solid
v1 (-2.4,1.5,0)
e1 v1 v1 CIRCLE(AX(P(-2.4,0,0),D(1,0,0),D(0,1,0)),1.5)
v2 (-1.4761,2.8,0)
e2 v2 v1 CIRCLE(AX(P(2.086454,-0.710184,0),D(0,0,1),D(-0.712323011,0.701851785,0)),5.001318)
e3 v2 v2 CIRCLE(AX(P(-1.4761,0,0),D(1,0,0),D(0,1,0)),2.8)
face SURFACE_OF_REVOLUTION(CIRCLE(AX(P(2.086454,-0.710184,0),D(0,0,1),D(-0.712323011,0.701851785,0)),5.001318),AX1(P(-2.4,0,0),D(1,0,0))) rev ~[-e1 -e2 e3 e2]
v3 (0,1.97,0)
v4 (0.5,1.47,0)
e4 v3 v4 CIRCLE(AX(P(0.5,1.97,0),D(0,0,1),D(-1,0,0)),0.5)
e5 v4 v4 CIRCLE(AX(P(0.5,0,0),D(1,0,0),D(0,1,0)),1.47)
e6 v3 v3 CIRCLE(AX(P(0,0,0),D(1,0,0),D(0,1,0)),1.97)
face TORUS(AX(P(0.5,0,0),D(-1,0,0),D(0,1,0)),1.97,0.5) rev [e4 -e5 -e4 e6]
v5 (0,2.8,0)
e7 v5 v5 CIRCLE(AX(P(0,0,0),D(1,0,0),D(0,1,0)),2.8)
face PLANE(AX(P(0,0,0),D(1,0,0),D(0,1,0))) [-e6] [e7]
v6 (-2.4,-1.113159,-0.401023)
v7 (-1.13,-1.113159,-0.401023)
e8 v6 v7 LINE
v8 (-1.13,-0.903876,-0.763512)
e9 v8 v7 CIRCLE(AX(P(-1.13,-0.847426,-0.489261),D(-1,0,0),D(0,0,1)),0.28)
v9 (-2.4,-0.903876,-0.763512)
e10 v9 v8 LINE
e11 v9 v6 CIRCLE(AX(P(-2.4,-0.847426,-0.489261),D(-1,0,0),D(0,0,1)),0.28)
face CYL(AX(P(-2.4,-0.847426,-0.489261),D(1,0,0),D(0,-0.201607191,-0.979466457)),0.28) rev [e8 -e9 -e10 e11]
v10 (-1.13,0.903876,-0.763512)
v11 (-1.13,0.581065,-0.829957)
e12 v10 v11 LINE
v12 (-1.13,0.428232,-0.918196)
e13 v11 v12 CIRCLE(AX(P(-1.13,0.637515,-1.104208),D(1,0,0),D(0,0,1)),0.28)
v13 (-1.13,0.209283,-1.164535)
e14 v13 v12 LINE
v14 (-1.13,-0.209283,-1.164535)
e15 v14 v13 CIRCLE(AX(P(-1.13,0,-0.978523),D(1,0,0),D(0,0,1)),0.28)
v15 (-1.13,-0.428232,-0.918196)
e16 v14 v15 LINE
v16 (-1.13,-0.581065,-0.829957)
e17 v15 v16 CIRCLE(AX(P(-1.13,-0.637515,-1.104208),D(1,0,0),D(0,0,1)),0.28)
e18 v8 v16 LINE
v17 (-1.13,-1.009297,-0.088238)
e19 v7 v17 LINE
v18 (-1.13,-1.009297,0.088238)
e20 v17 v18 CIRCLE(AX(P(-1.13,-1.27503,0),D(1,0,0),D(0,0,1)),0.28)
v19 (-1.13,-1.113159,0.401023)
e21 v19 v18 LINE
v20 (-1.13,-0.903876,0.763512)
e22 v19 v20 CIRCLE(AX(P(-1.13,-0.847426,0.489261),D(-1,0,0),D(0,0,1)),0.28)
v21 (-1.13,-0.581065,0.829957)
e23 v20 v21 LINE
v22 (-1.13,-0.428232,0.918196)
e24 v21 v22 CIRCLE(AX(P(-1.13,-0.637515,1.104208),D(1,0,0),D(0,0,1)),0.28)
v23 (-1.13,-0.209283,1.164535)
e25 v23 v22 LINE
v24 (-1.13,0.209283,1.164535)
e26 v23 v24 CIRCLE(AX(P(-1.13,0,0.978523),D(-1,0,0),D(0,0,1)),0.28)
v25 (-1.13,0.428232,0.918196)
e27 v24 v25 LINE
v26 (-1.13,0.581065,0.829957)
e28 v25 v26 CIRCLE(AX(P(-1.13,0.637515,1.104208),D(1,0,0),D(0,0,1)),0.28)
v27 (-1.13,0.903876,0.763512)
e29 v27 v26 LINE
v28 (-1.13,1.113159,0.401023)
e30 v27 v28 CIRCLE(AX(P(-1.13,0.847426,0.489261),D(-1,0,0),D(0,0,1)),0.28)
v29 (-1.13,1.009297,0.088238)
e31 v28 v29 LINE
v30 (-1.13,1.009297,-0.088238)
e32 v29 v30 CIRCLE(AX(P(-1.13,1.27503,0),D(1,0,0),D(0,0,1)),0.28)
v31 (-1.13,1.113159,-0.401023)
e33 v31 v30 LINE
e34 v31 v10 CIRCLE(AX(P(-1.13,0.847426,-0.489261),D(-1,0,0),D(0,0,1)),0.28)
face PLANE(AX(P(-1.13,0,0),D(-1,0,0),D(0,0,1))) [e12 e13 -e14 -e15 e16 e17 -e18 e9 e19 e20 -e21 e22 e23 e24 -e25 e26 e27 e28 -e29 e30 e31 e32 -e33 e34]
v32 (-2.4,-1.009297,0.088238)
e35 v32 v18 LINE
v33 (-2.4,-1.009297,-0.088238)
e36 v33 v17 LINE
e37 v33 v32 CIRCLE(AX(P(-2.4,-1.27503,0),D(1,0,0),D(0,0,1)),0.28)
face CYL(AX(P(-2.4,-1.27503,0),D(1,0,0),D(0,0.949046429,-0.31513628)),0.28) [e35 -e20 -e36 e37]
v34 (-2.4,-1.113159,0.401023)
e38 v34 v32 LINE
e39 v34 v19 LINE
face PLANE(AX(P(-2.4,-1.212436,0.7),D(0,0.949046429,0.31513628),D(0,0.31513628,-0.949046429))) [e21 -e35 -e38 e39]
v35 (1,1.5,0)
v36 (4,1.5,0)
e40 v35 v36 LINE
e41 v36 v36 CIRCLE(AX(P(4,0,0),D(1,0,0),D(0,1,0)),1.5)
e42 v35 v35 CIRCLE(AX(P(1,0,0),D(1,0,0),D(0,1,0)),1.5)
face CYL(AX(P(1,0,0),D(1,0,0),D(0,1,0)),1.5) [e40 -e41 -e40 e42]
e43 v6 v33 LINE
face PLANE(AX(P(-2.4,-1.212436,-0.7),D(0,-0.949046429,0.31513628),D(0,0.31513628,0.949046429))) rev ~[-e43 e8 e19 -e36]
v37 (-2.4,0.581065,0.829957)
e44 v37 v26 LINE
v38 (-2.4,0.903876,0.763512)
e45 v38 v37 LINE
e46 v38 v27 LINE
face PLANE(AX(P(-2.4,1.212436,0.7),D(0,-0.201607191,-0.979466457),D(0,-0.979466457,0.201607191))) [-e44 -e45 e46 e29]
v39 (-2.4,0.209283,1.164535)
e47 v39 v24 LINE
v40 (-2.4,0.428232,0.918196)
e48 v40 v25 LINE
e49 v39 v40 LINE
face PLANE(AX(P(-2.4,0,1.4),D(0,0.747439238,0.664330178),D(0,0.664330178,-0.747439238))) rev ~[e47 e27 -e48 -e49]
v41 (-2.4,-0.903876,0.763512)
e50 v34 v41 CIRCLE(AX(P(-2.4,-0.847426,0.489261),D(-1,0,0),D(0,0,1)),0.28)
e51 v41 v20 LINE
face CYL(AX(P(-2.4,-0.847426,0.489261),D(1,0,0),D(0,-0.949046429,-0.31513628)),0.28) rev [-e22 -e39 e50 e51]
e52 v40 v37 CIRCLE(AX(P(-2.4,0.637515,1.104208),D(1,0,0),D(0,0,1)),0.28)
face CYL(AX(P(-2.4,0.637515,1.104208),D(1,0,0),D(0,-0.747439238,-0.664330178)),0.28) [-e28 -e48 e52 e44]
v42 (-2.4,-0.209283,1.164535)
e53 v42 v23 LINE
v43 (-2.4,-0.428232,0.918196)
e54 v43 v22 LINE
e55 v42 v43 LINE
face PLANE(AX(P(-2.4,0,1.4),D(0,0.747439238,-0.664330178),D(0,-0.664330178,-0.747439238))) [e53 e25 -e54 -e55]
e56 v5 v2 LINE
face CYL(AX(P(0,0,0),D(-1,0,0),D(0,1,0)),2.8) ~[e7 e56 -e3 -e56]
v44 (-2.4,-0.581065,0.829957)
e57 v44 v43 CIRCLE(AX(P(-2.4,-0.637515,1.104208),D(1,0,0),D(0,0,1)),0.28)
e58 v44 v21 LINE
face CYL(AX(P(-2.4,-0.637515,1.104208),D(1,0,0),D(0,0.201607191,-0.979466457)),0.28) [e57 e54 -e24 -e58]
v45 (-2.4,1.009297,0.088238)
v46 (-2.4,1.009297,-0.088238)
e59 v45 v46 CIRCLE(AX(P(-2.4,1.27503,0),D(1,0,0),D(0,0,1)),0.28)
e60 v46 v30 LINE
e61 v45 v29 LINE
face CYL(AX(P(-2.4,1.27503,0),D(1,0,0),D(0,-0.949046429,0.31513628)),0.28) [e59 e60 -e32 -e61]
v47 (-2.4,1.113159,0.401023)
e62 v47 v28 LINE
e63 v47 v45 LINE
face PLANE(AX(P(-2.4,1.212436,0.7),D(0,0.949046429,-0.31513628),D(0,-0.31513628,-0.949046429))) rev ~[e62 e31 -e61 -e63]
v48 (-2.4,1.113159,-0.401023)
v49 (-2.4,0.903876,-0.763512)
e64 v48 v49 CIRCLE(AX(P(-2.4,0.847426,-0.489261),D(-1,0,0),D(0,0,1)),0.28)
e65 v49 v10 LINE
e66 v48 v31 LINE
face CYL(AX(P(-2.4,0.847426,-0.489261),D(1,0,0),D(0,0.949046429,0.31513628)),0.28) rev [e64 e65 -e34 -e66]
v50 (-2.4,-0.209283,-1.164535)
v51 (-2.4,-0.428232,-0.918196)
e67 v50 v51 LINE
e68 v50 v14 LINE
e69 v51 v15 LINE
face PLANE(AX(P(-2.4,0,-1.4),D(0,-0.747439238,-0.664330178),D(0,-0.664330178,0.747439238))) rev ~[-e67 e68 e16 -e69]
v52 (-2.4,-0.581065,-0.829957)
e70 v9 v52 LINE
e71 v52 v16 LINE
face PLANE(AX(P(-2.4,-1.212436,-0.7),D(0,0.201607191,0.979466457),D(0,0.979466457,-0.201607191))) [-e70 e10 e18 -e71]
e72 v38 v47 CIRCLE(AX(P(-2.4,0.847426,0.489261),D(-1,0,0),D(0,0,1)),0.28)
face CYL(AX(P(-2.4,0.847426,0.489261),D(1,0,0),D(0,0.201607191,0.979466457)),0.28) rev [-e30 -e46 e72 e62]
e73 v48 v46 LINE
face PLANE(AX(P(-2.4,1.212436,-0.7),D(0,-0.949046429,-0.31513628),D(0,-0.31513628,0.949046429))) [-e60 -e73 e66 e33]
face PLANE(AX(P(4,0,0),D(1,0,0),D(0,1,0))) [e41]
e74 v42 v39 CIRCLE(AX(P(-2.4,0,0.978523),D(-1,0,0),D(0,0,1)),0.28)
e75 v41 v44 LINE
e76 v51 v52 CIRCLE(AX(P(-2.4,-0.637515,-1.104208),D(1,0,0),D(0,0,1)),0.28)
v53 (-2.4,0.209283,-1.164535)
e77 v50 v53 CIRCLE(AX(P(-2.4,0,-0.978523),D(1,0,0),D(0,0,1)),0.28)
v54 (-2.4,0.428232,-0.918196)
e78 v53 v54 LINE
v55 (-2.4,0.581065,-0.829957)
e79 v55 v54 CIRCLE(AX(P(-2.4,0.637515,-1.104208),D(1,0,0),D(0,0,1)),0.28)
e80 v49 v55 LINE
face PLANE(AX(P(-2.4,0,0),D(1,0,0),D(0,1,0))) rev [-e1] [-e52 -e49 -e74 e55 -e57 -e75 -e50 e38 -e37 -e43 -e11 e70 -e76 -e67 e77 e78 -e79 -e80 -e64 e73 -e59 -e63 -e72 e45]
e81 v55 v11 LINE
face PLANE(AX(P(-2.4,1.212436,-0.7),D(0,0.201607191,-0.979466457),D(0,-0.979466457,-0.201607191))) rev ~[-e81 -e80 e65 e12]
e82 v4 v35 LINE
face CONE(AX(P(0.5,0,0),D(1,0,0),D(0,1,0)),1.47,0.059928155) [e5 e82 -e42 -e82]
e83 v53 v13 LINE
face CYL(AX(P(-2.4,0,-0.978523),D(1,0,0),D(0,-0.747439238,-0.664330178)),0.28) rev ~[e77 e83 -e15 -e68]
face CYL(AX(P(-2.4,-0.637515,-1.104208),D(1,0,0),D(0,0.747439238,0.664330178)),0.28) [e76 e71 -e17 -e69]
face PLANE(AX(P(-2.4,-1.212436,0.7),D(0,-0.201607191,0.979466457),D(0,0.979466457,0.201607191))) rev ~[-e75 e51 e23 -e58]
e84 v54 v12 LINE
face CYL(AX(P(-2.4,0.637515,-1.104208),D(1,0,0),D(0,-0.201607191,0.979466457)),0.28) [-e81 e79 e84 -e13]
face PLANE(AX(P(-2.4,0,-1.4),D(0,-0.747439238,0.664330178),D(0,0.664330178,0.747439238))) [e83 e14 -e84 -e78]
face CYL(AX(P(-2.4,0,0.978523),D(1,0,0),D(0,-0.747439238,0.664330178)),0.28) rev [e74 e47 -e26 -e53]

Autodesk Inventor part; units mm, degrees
ref_plane "YZ Plane" through (0, 0, 0) normal (1, 0, 0) x (0, 1, 0)
ref_plane "XZ Plane" through (0, 0, 0) normal (0, 1, 0) x (-1, 0, 0)
ref_plane "XY Plane" through (0, 0, 0) normal (0, 0, 1) x (1, 0, 0)
sketch "Sketch4" plane through (0, 0, 0) normal (0, 0, 1) x (1, 0, 0)
  line L0 (-2.4, 0) -> (4, 0)
  line L1 (0, 0) -> (-2.4, 0)
  line L2 (0, 2.8) -> (0, 1.97)
  line L3 (0.5, 1.47) -> (0.5, 1.47)
  line L4 (0.5, 1.47) -> (1, 1.5)
  arc A0 (0, 1.97) -> (0.5, 1.47) centre (0.5, 1.97) ccw
  line L5 (-2.4, 0) -> (-2.4, 1.5)
  line L6 (0, 2.8) -> (-1.4761, 2.8)
  arc A1 (-1.4761, 2.8) -> (-2.4, 1.5) centre (2.0854, -0.7093) ccw
  line L7 (1, 1.5) -> (4, 1.5)
  line L8 (4, 1.5) -> (4, 0)
  point P0 (0, 1.47)
  dimension "d71" = 0.5
  dimension "d72" = 4
  dimension "d74" = 0.5
  dimension "d75" = 2.94
  dimension "d78" = 3
  dimension "d82" = 5
  dimension "d83" = 2.4
  dimension "d84" = 5.6
  dimension "d104" = 3
  dimension "d105" = 3
revolve "Revolution7" add sketch "Sketch4" angle 360 about axis through (-2.4, 0, 0) along (1, 0, 0)
sketch "Sketch5" plane through (-2.4, 0, 0) normal (-1, 0, 0) x (0, 0, 1)
  circle A0 centre (0, 0) radius 1.4 construction
  circle A1 centre (0, 0) radius 0.98 construction
  line L0 (0, 0) -> (-0.8487, 0.49)
  line L1 (0, 0) -> (-0.8487, -0.49)
  line L2 (-1.8008, 0) -> (1.7887, 0)
  line L3 (-1.4, 0) -> (-0.8487, -0.49)
  line L4 (-1.4, 0) -> (-0.8487, 0.49)
  point P0 (0, 0)
  dimension "d88" = 2.8
  dimension "d89" = 1.96
  dimension "d90" = 30
  dimension "d91" = 30
extrude "Extrusion1" cut sketch "Sketch5" against normal blind 1.27
pattern_circular "Circular Pattern1" count 6 over 360 about axis through (-10, 0, 0) along (1, 0, 0) of "Extrusion1"
fillet "Fillet1" radius 0.28 12 edges at (-1.765, -1.2124, -0.7) (-1.765, -0.49, -0.8487) (-1.765, -0.98, 0) (-1.765, -1.2124, 0.7) (-1.765, -0.49, 0.8487) (-1.765, 0, 1.4) (-1.765, 0.98, 0) (-1.765, 1.2124, 0.7) (-1.765, 0.49, 0.8487) (-1.765, 0.49, -0.8487) (-1.765, 0, -1.4) (-1.765, 1.2124, -0.7)
thread "Thread7" size "M3x0.5" class "6g" standard "ISO Metric profile" length 3
properties part number "Šroub s válcovou hlavou a šestiramennou drážkou ISO 14583 - M3 x 4 - 4.8" material "Ocel"
